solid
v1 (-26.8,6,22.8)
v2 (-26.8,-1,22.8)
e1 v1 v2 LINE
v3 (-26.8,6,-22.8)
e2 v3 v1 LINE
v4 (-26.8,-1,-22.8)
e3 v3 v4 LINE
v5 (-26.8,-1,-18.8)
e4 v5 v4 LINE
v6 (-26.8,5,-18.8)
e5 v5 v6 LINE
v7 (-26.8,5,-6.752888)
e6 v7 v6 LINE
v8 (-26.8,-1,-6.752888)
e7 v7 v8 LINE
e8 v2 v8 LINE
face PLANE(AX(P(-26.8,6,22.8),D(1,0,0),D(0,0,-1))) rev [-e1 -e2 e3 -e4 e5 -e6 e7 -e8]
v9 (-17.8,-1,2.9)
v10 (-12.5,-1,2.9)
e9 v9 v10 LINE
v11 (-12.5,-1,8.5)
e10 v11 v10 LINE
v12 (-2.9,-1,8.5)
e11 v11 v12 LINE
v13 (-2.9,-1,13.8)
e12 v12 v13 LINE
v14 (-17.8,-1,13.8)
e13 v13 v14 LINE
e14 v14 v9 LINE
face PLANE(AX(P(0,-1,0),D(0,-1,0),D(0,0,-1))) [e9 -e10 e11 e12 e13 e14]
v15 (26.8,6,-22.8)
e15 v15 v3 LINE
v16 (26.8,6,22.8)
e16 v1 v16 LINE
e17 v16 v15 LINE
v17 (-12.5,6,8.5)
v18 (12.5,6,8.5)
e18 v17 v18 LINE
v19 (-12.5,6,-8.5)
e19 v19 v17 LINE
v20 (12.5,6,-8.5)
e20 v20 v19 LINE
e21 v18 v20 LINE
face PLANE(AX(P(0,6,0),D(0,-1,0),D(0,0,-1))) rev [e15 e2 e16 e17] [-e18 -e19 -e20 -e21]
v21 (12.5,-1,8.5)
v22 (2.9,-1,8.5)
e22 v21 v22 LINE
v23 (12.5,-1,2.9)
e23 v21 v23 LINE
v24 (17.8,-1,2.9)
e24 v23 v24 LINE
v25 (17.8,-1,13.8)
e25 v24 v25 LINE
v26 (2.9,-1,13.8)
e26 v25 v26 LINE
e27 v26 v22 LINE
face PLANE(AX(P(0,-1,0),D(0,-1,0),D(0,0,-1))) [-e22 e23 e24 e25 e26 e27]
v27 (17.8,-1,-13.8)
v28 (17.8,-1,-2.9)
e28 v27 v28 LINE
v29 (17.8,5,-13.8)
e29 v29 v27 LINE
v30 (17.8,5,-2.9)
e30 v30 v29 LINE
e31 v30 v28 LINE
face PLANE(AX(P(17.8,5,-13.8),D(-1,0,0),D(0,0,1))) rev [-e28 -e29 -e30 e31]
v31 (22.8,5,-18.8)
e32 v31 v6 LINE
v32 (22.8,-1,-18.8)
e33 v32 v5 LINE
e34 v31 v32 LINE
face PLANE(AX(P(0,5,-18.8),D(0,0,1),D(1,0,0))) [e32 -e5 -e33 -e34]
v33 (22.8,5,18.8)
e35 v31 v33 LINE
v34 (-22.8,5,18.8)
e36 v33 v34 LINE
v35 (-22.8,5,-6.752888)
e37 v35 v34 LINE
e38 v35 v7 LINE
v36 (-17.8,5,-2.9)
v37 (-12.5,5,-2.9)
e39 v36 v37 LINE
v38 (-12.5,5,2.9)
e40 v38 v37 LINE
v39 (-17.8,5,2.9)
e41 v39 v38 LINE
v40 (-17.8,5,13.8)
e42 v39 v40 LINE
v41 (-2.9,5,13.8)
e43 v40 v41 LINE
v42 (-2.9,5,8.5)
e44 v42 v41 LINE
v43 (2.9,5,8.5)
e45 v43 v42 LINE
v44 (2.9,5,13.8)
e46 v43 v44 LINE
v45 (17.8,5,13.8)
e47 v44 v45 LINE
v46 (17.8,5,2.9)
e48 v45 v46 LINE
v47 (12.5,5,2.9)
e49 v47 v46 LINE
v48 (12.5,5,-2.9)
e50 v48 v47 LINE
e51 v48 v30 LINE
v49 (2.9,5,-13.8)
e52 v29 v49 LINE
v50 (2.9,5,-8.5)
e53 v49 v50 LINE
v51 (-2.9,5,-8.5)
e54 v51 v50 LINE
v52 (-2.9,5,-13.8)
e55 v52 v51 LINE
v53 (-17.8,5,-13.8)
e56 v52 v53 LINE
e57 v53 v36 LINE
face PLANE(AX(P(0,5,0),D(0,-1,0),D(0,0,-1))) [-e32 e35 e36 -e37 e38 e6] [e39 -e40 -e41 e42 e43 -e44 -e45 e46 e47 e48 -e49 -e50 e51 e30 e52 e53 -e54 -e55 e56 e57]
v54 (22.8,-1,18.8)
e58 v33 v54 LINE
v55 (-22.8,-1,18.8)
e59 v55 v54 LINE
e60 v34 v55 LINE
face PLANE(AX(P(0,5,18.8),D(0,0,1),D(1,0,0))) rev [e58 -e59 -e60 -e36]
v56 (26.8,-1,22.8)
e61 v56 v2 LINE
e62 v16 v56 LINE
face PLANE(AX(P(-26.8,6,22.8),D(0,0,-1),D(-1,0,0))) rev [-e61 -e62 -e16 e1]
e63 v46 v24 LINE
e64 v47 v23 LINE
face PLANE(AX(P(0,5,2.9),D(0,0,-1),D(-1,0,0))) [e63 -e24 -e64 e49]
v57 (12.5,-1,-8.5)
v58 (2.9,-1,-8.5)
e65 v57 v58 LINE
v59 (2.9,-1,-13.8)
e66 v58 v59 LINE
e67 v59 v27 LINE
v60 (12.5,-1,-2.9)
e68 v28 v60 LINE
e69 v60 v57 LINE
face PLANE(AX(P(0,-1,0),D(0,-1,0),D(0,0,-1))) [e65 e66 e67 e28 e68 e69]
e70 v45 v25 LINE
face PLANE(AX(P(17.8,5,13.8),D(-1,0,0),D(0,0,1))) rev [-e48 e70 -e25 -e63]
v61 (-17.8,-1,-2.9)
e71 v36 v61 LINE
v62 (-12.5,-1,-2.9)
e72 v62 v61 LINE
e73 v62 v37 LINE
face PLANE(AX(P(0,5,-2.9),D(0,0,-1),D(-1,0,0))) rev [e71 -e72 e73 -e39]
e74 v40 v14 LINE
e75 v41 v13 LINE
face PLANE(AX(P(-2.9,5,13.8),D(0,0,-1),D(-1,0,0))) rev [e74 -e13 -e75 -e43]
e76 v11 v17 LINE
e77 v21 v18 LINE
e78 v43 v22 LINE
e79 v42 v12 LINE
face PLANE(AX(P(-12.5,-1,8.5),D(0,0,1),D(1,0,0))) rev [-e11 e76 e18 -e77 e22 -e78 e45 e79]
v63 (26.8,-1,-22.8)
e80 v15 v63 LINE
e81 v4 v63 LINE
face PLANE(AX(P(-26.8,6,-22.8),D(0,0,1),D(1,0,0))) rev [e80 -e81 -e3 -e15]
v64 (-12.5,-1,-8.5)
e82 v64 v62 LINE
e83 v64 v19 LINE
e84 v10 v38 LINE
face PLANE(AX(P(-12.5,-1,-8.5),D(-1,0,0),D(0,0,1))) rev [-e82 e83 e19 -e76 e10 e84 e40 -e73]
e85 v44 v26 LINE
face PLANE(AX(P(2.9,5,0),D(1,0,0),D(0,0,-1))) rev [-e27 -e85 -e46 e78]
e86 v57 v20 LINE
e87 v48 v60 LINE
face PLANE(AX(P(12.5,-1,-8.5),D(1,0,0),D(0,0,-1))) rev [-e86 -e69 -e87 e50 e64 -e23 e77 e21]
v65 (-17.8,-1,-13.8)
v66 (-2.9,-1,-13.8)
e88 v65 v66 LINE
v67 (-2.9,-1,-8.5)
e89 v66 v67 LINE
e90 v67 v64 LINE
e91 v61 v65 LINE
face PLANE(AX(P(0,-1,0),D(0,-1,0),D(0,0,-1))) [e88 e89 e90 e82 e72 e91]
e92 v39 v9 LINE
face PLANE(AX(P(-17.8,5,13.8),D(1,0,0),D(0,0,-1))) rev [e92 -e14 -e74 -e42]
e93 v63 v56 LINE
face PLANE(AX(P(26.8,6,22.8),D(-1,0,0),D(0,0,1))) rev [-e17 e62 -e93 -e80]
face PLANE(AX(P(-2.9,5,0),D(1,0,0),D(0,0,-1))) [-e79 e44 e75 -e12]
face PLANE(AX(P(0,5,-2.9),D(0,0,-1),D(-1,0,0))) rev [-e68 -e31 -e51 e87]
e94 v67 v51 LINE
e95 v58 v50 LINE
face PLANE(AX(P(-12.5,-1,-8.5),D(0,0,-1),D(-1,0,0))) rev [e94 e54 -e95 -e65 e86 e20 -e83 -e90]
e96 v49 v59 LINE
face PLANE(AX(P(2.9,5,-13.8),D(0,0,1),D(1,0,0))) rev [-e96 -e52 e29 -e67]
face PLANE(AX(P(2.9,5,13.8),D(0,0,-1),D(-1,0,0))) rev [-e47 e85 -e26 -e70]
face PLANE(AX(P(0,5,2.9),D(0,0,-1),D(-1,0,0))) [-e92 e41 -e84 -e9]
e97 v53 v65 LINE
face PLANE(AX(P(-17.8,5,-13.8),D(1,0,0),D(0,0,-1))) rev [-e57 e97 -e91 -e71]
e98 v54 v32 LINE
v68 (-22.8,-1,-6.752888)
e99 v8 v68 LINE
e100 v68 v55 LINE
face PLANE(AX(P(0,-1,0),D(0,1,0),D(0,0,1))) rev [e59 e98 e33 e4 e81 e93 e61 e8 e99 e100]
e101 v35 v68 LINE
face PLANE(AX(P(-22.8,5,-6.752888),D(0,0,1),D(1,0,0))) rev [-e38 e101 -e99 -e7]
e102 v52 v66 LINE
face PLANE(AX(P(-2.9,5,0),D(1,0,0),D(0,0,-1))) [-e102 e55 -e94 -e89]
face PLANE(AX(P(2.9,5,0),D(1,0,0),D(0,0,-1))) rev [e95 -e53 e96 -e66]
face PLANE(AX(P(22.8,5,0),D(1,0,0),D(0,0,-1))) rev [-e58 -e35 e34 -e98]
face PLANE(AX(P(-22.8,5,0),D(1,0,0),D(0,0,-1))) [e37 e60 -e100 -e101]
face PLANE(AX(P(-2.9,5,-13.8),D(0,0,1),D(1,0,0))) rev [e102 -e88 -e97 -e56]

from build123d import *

# Parameters (mm, degrees)
SKETCH1_W           = 53.6
SKETCH1_H           = 45.6
SKETCH1_W_2         = 23.6
SKETCH1_H_2         = 15.6
BOSS_EXTRUDE1_DEPTH = 6
SKETCH4_W           = 11
SKETCH4_H           = 5.8
SKETCH4_W_2         = 5.8
SKETCH4_H_2         = 11
CUT_EXTRUDE1_DEPTH  = 5
CUT_EXTRUDE2_DEPTH  = 5
SKETCH6_W           = 6.037335391
SKETCH6_H           = 12.047111719
CUT_EXTRUDE3_DEPTH  = 5
BOSS_EXTRUDE3_DEPTH = 1
SKETCH8_W           = 25
SKETCH8_H           = 17
CUT_EXTRUDE4_DEPTH  = 36.875897201


with BuildPart() as part:
    # Sketch1 → Boss-Extrude1 (new body)
    with BuildSketch(Plane(origin=(0, 0, 0), x_dir=(1, 0, 0), z_dir=(0, 1, 0))):
        Rectangle(SKETCH1_W, SKETCH1_H)
        Rectangle(SKETCH1_W_2, SKETCH1_H_2, mode=Mode.SUBTRACT)
    extrude(amount=BOSS_EXTRUDE1_DEPTH)

    # Sketch4 → Cut-Extrude1 (cut)
    with BuildSketch(Plane.XZ):
        with Locations((-17.3, 0)):
            Rectangle(SKETCH4_W, SKETCH4_H)
        with Locations((0, -13.3)):
            Rectangle(SKETCH4_W_2, SKETCH4_H_2)
        with Locations((0, 13.3)):
            Rectangle(SKETCH4_W_2, SKETCH4_H_2)
        with Locations((17.3, 0)):
            Rectangle(SKETCH4_W, SKETCH4_H)
    extrude(amount=-CUT_EXTRUDE1_DEPTH, mode=Mode.SUBTRACT)

    # Sketch5 → Cut-Extrude2 (cut)
    with BuildSketch(Plane.XZ):
        Polygon((-2.9, -18.8), (-22.8, -18.8), (-22.8, -2.9), (-17.8, -2.9), (-17.8, -13.8), (-2.9, -13.8), align=None)
        Polygon((-2.9, 18.8), (-2.9, 13.8), (-17.8, 13.8), (-17.8, 2.9), (-22.8, 2.9), (-22.8, 18.8), align=None)
        Polygon((22.8, -18.8), (22.8, -2.9), (17.8, -2.9), (17.8, -13.8), (2.9, -13.8), (2.9, -18.8), align=None)
        Polygon((2.9, 18.8), (2.9, 13.8), (17.8, 13.8), (17.8, 2.9), (22.8, 2.9), (22.8, 18.8), align=None)
    extrude(amount=-CUT_EXTRUDE2_DEPTH, mode=Mode.SUBTRACT)

    # Sketch6 → Cut-Extrude3 (cut)
    with BuildSketch(Plane.XZ):
        with Locations((-25.818667696, -12.776444141)):
            Rectangle(SKETCH6_W, SKETCH6_H)
    extrude(amount=-CUT_EXTRUDE3_DEPTH, mode=Mode.SUBTRACT)

    # Sketch7 → Boss-Extrude3 (add)
    with BuildSketch(Plane.XZ):
        Polygon((22.8, -18.8), (-26.8, -18.8), (-26.8, -22.8), (26.8, -22.8), (26.8, 22.8), (-26.8, 22.8), (-26.8, -6.752888281), (-22.8, -6.752888281), (-22.8, 18.8), (22.8, 18.8), align=None)
        Polygon((-17.8, -2.9), (-17.8, -13.8), (-2.9, -13.8), (-2.9, -7.8), (-11.8, -7.8), (-11.8, -2.9), align=None)
        Polygon((-2.9, 13.8), (-17.8, 13.8), (-17.8, 2.9), (-11.8, 2.9), (-11.8, 7.8), (-2.9, 7.8), align=None)
        Polygon((2.9, -13.8), (17.8, -13.8), (17.8, -2.9), (11.8, -2.9), (11.8, -7.8), (2.9, -7.8), align=None)
        Polygon((17.8, 2.9), (17.8, 13.8), (2.9, 13.8), (2.9, 7.8), (11.8, 7.8), (11.8, 2.9), align=None)
    extrude(amount=BOSS_EXTRUDE3_DEPTH)

    # Sketch8 → Cut-Extrude4 (cut, through all)
    with BuildSketch(Plane(origin=(0, 6, 0), x_dir=(1, 0, 0), z_dir=(0, 1, 0))):
        Rectangle(SKETCH8_W, SKETCH8_H)
    extrude(amount=-CUT_EXTRUDE4_DEPTH, mode=Mode.SUBTRACT)


solid = part.part
